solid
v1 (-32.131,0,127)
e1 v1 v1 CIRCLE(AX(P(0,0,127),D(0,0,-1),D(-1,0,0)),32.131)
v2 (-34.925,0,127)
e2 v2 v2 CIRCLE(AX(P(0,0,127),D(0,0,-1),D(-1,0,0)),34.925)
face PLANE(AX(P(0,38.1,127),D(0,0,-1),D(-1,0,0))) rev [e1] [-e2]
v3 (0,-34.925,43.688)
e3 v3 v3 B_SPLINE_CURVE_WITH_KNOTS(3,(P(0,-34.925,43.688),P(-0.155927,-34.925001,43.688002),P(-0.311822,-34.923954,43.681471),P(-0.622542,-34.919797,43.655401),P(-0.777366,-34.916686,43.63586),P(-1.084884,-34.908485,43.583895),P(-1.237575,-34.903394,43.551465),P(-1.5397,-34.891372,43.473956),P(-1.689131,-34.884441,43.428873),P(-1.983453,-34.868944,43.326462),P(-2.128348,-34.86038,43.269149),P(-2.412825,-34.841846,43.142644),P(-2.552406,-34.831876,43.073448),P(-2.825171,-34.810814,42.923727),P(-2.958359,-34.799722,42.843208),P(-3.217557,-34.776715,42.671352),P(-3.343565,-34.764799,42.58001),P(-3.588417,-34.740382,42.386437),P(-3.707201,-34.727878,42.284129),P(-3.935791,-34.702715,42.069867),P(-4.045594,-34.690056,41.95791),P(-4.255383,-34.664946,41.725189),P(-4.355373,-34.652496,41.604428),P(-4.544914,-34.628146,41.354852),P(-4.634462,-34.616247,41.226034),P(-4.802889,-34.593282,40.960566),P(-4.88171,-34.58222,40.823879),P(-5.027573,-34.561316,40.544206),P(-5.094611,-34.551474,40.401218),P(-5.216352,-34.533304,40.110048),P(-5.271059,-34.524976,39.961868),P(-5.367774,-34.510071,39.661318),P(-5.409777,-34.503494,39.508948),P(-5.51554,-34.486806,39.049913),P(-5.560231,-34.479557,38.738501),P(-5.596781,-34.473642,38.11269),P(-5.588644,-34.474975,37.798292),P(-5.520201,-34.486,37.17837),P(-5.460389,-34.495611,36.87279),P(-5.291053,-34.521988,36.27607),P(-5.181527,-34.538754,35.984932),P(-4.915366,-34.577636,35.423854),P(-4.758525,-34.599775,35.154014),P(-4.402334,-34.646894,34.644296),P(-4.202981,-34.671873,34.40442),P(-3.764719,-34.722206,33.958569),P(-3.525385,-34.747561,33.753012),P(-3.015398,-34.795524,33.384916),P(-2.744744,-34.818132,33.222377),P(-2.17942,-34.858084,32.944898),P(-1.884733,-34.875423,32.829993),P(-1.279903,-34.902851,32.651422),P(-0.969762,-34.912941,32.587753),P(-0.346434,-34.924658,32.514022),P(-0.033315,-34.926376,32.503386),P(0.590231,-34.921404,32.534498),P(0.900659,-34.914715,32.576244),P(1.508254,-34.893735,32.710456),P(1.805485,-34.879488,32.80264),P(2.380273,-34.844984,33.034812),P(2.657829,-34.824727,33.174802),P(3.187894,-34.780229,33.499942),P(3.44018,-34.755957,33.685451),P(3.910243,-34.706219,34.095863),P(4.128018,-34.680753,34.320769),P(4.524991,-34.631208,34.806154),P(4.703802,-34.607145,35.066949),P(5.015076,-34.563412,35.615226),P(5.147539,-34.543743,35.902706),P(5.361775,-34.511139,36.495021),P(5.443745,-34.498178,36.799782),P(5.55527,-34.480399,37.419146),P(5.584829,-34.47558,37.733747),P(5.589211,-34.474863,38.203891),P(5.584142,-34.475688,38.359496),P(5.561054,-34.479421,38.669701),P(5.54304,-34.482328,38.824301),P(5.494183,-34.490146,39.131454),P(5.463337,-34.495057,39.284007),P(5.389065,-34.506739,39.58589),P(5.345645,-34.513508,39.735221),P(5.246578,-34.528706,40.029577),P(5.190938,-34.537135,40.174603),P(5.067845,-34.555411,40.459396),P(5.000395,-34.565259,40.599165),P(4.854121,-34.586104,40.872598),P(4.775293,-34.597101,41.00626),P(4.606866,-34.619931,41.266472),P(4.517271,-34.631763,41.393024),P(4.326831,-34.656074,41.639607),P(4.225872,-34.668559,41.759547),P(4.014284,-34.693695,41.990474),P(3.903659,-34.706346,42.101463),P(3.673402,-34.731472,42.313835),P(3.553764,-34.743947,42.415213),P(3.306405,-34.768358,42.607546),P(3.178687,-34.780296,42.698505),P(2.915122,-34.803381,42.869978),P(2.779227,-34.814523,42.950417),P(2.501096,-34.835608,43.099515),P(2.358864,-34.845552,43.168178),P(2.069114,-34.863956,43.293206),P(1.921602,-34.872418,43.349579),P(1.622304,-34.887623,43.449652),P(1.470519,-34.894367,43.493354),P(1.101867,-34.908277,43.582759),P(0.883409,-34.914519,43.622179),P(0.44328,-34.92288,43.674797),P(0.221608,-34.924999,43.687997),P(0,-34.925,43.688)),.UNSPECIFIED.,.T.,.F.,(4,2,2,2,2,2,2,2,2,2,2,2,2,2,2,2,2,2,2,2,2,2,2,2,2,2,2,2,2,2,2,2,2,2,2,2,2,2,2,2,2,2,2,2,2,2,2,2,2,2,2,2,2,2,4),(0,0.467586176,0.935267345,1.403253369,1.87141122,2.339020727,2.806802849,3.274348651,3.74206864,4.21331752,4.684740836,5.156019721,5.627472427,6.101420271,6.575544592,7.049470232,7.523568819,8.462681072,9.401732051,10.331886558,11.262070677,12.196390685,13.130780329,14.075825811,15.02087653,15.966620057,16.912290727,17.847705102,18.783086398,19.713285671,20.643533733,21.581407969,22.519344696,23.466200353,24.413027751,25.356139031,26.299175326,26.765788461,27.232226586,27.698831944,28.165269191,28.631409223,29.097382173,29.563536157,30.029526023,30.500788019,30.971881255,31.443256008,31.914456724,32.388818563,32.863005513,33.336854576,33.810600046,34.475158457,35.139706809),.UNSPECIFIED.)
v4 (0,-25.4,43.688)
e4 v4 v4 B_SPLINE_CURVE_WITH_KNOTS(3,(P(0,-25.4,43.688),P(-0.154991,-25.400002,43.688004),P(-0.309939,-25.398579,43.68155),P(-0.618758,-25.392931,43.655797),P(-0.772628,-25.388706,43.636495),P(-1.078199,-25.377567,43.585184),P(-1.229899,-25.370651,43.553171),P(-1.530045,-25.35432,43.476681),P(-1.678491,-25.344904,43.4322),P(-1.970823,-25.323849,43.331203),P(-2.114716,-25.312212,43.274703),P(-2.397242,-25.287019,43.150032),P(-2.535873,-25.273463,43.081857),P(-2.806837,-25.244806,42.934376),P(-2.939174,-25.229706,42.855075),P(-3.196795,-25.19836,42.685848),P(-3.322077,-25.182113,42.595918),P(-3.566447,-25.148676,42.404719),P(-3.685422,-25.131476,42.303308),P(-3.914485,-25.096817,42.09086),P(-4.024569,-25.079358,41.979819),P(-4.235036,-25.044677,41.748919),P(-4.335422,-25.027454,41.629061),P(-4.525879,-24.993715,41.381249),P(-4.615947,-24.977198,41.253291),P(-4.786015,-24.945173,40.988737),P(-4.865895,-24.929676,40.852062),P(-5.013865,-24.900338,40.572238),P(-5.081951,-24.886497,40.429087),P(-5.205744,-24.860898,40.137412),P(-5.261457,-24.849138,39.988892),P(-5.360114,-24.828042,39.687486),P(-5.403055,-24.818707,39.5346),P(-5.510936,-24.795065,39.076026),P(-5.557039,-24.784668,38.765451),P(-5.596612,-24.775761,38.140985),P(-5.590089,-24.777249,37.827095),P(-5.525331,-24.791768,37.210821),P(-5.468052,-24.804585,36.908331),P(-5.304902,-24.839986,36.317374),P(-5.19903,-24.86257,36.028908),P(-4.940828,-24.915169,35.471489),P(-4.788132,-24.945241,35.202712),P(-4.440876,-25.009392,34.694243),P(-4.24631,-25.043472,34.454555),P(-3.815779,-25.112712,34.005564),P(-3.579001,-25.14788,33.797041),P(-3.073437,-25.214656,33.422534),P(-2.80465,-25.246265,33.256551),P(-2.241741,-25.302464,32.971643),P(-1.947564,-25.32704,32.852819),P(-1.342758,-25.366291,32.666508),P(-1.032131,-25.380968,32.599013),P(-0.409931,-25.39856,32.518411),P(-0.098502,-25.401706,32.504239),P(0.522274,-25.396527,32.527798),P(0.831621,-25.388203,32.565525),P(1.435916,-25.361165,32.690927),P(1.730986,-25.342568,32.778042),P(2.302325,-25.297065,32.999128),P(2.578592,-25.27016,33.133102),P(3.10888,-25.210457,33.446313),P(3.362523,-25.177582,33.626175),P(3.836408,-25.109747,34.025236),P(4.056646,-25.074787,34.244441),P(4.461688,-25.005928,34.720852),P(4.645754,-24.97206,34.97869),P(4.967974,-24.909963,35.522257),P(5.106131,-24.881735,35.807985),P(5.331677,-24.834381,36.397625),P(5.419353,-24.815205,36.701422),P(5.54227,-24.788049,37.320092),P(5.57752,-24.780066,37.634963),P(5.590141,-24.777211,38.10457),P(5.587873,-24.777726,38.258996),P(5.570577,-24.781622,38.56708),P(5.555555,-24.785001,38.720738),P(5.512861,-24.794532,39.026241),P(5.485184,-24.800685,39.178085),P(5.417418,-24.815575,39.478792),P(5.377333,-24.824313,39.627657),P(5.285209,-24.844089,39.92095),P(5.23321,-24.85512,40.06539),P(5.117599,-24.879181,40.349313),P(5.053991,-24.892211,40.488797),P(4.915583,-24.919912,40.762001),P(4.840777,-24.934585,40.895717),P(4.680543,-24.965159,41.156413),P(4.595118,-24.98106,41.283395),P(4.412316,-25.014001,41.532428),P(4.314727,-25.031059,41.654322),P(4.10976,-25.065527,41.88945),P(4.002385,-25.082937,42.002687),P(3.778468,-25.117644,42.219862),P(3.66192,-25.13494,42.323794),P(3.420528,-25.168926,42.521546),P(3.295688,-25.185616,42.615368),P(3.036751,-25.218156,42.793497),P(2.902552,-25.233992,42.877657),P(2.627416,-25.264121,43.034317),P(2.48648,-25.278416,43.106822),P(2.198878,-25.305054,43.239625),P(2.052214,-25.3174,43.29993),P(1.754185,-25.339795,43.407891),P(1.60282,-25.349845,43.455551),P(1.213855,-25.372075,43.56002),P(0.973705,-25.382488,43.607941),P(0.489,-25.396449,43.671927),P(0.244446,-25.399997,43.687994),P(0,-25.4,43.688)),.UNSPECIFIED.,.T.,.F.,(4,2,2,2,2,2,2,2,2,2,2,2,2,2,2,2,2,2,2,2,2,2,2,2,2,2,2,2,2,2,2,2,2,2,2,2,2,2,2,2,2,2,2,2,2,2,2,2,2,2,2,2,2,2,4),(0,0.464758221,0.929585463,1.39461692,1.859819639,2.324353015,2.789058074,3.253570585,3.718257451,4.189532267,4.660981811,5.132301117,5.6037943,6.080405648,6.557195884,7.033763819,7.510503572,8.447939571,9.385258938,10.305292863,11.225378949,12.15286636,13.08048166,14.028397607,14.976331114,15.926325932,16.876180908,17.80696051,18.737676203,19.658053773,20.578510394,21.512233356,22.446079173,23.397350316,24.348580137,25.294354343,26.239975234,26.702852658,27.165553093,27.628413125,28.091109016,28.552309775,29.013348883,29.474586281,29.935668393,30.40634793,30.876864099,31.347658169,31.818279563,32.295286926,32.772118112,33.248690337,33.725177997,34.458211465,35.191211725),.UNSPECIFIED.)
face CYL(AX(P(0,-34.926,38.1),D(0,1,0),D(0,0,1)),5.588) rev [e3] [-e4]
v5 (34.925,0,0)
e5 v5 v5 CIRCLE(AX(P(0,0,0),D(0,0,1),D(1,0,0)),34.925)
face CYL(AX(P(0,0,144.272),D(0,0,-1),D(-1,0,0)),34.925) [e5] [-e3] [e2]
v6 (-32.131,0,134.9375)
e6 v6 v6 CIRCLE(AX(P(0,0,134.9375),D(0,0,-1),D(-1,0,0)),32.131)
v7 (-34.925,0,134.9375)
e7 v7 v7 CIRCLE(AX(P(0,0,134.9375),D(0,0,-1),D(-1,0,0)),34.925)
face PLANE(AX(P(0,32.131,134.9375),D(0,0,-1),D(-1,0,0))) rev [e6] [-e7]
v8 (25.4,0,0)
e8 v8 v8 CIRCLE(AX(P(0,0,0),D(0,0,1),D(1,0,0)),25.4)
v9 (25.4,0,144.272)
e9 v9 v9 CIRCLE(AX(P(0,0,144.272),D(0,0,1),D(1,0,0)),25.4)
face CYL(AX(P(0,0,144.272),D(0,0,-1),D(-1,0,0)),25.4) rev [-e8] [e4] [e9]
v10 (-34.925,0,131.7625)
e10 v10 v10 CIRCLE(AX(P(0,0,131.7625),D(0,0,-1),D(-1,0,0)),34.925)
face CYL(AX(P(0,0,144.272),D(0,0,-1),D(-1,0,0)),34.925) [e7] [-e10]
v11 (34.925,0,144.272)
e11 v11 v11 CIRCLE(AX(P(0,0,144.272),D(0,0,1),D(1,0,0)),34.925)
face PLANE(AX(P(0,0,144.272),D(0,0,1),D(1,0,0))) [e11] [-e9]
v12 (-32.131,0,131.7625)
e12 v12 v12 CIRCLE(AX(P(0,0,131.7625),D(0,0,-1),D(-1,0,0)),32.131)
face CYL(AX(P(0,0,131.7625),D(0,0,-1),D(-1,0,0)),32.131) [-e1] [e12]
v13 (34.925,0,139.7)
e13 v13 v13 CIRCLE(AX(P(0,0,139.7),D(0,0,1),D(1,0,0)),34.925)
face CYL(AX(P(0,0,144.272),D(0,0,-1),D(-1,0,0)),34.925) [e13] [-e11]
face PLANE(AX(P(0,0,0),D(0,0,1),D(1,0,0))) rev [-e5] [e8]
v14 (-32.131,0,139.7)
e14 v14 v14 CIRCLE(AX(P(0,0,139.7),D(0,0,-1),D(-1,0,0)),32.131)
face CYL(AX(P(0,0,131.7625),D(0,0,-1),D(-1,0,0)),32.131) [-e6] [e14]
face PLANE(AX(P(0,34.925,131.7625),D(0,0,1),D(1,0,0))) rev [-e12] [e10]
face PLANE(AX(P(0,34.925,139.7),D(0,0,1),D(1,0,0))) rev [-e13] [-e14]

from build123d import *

# Parameters (mm, degrees)
SKETCH1_R               = 34.925
SKETCH1_R_2             = 25.4
BOSS_EXTRUDE1_DEPTH     = 144.272
CUT_EXTRUDE1_REACH      = 154.492
CUT_EXTRUDE1_END_RADIUS = 34.925
SKETCH2_R               = 5.588


with BuildPart() as part:
    # Sketch1 → Boss-Extrude1 (new body)
    with BuildSketch(Plane.XY):
        Circle(SKETCH1_R)
        Circle(SKETCH1_R_2, mode=Mode.SUBTRACT)
    extrude(amount=BOSS_EXTRUDE1_DEPTH)

    # Cut-Extrude1: up to this cylinder (the profile starts inside it)
    cut_extrude1_end = Plane(origin=(0, 0, 38.1), z_dir=(0, 0, -1)) * Cylinder(CUT_EXTRUDE1_END_RADIUS, 379.834, mode=Mode.PRIVATE)
    # Sketch2 → Cut-Extrude1 (cut, up to the surface)
    with BuildSketch(Plane(origin=(0, 0, 0), x_dir=(1, 0, 0), z_dir=(0, 1, 0)), mode=Mode.PRIVATE) as cut_extrude1_sk1:
        with Locations(Location((0, -38.1, 0), (0, 0, 270))):
            Circle(SKETCH2_R)
    cut_extrude1_tool1 = extrude(cut_extrude1_sk1.sketch, amount=-CUT_EXTRUDE1_REACH, mode=Mode.PRIVATE) & cut_extrude1_end
    add(cut_extrude1_tool1.solids().sort_by_distance((0, 0, 38.1))[0], mode=Mode.SUBTRACT)

    # Cut-Sweep1: sweep along a path in groove path
    with BuildLine(Plane.XY.offset(131.7625)) as cut_sweep1_path:
        CenterArc((0, 0), 34.925, 0, 360)
    # groove → Cut-Sweep1 (sweep, cut)
    with BuildSketch(Plane(origin=(0, 0, 0), x_dir=(0, 0, -1), z_dir=(1, 0, 0))):
        Polygon((-139.7, 34.925), (-139.7, 32.131), (-134.9375, 32.131), (-134.9375, 34.925), (-131.7625, 34.925), (-131.7625, 32.131), (-127, 32.131), (-127, 34.925), (-127, 38.1), (-139.7, 38.1), align=None)
    sweep(path=cut_sweep1_path.line, mode=Mode.SUBTRACT)


solid = part.part
